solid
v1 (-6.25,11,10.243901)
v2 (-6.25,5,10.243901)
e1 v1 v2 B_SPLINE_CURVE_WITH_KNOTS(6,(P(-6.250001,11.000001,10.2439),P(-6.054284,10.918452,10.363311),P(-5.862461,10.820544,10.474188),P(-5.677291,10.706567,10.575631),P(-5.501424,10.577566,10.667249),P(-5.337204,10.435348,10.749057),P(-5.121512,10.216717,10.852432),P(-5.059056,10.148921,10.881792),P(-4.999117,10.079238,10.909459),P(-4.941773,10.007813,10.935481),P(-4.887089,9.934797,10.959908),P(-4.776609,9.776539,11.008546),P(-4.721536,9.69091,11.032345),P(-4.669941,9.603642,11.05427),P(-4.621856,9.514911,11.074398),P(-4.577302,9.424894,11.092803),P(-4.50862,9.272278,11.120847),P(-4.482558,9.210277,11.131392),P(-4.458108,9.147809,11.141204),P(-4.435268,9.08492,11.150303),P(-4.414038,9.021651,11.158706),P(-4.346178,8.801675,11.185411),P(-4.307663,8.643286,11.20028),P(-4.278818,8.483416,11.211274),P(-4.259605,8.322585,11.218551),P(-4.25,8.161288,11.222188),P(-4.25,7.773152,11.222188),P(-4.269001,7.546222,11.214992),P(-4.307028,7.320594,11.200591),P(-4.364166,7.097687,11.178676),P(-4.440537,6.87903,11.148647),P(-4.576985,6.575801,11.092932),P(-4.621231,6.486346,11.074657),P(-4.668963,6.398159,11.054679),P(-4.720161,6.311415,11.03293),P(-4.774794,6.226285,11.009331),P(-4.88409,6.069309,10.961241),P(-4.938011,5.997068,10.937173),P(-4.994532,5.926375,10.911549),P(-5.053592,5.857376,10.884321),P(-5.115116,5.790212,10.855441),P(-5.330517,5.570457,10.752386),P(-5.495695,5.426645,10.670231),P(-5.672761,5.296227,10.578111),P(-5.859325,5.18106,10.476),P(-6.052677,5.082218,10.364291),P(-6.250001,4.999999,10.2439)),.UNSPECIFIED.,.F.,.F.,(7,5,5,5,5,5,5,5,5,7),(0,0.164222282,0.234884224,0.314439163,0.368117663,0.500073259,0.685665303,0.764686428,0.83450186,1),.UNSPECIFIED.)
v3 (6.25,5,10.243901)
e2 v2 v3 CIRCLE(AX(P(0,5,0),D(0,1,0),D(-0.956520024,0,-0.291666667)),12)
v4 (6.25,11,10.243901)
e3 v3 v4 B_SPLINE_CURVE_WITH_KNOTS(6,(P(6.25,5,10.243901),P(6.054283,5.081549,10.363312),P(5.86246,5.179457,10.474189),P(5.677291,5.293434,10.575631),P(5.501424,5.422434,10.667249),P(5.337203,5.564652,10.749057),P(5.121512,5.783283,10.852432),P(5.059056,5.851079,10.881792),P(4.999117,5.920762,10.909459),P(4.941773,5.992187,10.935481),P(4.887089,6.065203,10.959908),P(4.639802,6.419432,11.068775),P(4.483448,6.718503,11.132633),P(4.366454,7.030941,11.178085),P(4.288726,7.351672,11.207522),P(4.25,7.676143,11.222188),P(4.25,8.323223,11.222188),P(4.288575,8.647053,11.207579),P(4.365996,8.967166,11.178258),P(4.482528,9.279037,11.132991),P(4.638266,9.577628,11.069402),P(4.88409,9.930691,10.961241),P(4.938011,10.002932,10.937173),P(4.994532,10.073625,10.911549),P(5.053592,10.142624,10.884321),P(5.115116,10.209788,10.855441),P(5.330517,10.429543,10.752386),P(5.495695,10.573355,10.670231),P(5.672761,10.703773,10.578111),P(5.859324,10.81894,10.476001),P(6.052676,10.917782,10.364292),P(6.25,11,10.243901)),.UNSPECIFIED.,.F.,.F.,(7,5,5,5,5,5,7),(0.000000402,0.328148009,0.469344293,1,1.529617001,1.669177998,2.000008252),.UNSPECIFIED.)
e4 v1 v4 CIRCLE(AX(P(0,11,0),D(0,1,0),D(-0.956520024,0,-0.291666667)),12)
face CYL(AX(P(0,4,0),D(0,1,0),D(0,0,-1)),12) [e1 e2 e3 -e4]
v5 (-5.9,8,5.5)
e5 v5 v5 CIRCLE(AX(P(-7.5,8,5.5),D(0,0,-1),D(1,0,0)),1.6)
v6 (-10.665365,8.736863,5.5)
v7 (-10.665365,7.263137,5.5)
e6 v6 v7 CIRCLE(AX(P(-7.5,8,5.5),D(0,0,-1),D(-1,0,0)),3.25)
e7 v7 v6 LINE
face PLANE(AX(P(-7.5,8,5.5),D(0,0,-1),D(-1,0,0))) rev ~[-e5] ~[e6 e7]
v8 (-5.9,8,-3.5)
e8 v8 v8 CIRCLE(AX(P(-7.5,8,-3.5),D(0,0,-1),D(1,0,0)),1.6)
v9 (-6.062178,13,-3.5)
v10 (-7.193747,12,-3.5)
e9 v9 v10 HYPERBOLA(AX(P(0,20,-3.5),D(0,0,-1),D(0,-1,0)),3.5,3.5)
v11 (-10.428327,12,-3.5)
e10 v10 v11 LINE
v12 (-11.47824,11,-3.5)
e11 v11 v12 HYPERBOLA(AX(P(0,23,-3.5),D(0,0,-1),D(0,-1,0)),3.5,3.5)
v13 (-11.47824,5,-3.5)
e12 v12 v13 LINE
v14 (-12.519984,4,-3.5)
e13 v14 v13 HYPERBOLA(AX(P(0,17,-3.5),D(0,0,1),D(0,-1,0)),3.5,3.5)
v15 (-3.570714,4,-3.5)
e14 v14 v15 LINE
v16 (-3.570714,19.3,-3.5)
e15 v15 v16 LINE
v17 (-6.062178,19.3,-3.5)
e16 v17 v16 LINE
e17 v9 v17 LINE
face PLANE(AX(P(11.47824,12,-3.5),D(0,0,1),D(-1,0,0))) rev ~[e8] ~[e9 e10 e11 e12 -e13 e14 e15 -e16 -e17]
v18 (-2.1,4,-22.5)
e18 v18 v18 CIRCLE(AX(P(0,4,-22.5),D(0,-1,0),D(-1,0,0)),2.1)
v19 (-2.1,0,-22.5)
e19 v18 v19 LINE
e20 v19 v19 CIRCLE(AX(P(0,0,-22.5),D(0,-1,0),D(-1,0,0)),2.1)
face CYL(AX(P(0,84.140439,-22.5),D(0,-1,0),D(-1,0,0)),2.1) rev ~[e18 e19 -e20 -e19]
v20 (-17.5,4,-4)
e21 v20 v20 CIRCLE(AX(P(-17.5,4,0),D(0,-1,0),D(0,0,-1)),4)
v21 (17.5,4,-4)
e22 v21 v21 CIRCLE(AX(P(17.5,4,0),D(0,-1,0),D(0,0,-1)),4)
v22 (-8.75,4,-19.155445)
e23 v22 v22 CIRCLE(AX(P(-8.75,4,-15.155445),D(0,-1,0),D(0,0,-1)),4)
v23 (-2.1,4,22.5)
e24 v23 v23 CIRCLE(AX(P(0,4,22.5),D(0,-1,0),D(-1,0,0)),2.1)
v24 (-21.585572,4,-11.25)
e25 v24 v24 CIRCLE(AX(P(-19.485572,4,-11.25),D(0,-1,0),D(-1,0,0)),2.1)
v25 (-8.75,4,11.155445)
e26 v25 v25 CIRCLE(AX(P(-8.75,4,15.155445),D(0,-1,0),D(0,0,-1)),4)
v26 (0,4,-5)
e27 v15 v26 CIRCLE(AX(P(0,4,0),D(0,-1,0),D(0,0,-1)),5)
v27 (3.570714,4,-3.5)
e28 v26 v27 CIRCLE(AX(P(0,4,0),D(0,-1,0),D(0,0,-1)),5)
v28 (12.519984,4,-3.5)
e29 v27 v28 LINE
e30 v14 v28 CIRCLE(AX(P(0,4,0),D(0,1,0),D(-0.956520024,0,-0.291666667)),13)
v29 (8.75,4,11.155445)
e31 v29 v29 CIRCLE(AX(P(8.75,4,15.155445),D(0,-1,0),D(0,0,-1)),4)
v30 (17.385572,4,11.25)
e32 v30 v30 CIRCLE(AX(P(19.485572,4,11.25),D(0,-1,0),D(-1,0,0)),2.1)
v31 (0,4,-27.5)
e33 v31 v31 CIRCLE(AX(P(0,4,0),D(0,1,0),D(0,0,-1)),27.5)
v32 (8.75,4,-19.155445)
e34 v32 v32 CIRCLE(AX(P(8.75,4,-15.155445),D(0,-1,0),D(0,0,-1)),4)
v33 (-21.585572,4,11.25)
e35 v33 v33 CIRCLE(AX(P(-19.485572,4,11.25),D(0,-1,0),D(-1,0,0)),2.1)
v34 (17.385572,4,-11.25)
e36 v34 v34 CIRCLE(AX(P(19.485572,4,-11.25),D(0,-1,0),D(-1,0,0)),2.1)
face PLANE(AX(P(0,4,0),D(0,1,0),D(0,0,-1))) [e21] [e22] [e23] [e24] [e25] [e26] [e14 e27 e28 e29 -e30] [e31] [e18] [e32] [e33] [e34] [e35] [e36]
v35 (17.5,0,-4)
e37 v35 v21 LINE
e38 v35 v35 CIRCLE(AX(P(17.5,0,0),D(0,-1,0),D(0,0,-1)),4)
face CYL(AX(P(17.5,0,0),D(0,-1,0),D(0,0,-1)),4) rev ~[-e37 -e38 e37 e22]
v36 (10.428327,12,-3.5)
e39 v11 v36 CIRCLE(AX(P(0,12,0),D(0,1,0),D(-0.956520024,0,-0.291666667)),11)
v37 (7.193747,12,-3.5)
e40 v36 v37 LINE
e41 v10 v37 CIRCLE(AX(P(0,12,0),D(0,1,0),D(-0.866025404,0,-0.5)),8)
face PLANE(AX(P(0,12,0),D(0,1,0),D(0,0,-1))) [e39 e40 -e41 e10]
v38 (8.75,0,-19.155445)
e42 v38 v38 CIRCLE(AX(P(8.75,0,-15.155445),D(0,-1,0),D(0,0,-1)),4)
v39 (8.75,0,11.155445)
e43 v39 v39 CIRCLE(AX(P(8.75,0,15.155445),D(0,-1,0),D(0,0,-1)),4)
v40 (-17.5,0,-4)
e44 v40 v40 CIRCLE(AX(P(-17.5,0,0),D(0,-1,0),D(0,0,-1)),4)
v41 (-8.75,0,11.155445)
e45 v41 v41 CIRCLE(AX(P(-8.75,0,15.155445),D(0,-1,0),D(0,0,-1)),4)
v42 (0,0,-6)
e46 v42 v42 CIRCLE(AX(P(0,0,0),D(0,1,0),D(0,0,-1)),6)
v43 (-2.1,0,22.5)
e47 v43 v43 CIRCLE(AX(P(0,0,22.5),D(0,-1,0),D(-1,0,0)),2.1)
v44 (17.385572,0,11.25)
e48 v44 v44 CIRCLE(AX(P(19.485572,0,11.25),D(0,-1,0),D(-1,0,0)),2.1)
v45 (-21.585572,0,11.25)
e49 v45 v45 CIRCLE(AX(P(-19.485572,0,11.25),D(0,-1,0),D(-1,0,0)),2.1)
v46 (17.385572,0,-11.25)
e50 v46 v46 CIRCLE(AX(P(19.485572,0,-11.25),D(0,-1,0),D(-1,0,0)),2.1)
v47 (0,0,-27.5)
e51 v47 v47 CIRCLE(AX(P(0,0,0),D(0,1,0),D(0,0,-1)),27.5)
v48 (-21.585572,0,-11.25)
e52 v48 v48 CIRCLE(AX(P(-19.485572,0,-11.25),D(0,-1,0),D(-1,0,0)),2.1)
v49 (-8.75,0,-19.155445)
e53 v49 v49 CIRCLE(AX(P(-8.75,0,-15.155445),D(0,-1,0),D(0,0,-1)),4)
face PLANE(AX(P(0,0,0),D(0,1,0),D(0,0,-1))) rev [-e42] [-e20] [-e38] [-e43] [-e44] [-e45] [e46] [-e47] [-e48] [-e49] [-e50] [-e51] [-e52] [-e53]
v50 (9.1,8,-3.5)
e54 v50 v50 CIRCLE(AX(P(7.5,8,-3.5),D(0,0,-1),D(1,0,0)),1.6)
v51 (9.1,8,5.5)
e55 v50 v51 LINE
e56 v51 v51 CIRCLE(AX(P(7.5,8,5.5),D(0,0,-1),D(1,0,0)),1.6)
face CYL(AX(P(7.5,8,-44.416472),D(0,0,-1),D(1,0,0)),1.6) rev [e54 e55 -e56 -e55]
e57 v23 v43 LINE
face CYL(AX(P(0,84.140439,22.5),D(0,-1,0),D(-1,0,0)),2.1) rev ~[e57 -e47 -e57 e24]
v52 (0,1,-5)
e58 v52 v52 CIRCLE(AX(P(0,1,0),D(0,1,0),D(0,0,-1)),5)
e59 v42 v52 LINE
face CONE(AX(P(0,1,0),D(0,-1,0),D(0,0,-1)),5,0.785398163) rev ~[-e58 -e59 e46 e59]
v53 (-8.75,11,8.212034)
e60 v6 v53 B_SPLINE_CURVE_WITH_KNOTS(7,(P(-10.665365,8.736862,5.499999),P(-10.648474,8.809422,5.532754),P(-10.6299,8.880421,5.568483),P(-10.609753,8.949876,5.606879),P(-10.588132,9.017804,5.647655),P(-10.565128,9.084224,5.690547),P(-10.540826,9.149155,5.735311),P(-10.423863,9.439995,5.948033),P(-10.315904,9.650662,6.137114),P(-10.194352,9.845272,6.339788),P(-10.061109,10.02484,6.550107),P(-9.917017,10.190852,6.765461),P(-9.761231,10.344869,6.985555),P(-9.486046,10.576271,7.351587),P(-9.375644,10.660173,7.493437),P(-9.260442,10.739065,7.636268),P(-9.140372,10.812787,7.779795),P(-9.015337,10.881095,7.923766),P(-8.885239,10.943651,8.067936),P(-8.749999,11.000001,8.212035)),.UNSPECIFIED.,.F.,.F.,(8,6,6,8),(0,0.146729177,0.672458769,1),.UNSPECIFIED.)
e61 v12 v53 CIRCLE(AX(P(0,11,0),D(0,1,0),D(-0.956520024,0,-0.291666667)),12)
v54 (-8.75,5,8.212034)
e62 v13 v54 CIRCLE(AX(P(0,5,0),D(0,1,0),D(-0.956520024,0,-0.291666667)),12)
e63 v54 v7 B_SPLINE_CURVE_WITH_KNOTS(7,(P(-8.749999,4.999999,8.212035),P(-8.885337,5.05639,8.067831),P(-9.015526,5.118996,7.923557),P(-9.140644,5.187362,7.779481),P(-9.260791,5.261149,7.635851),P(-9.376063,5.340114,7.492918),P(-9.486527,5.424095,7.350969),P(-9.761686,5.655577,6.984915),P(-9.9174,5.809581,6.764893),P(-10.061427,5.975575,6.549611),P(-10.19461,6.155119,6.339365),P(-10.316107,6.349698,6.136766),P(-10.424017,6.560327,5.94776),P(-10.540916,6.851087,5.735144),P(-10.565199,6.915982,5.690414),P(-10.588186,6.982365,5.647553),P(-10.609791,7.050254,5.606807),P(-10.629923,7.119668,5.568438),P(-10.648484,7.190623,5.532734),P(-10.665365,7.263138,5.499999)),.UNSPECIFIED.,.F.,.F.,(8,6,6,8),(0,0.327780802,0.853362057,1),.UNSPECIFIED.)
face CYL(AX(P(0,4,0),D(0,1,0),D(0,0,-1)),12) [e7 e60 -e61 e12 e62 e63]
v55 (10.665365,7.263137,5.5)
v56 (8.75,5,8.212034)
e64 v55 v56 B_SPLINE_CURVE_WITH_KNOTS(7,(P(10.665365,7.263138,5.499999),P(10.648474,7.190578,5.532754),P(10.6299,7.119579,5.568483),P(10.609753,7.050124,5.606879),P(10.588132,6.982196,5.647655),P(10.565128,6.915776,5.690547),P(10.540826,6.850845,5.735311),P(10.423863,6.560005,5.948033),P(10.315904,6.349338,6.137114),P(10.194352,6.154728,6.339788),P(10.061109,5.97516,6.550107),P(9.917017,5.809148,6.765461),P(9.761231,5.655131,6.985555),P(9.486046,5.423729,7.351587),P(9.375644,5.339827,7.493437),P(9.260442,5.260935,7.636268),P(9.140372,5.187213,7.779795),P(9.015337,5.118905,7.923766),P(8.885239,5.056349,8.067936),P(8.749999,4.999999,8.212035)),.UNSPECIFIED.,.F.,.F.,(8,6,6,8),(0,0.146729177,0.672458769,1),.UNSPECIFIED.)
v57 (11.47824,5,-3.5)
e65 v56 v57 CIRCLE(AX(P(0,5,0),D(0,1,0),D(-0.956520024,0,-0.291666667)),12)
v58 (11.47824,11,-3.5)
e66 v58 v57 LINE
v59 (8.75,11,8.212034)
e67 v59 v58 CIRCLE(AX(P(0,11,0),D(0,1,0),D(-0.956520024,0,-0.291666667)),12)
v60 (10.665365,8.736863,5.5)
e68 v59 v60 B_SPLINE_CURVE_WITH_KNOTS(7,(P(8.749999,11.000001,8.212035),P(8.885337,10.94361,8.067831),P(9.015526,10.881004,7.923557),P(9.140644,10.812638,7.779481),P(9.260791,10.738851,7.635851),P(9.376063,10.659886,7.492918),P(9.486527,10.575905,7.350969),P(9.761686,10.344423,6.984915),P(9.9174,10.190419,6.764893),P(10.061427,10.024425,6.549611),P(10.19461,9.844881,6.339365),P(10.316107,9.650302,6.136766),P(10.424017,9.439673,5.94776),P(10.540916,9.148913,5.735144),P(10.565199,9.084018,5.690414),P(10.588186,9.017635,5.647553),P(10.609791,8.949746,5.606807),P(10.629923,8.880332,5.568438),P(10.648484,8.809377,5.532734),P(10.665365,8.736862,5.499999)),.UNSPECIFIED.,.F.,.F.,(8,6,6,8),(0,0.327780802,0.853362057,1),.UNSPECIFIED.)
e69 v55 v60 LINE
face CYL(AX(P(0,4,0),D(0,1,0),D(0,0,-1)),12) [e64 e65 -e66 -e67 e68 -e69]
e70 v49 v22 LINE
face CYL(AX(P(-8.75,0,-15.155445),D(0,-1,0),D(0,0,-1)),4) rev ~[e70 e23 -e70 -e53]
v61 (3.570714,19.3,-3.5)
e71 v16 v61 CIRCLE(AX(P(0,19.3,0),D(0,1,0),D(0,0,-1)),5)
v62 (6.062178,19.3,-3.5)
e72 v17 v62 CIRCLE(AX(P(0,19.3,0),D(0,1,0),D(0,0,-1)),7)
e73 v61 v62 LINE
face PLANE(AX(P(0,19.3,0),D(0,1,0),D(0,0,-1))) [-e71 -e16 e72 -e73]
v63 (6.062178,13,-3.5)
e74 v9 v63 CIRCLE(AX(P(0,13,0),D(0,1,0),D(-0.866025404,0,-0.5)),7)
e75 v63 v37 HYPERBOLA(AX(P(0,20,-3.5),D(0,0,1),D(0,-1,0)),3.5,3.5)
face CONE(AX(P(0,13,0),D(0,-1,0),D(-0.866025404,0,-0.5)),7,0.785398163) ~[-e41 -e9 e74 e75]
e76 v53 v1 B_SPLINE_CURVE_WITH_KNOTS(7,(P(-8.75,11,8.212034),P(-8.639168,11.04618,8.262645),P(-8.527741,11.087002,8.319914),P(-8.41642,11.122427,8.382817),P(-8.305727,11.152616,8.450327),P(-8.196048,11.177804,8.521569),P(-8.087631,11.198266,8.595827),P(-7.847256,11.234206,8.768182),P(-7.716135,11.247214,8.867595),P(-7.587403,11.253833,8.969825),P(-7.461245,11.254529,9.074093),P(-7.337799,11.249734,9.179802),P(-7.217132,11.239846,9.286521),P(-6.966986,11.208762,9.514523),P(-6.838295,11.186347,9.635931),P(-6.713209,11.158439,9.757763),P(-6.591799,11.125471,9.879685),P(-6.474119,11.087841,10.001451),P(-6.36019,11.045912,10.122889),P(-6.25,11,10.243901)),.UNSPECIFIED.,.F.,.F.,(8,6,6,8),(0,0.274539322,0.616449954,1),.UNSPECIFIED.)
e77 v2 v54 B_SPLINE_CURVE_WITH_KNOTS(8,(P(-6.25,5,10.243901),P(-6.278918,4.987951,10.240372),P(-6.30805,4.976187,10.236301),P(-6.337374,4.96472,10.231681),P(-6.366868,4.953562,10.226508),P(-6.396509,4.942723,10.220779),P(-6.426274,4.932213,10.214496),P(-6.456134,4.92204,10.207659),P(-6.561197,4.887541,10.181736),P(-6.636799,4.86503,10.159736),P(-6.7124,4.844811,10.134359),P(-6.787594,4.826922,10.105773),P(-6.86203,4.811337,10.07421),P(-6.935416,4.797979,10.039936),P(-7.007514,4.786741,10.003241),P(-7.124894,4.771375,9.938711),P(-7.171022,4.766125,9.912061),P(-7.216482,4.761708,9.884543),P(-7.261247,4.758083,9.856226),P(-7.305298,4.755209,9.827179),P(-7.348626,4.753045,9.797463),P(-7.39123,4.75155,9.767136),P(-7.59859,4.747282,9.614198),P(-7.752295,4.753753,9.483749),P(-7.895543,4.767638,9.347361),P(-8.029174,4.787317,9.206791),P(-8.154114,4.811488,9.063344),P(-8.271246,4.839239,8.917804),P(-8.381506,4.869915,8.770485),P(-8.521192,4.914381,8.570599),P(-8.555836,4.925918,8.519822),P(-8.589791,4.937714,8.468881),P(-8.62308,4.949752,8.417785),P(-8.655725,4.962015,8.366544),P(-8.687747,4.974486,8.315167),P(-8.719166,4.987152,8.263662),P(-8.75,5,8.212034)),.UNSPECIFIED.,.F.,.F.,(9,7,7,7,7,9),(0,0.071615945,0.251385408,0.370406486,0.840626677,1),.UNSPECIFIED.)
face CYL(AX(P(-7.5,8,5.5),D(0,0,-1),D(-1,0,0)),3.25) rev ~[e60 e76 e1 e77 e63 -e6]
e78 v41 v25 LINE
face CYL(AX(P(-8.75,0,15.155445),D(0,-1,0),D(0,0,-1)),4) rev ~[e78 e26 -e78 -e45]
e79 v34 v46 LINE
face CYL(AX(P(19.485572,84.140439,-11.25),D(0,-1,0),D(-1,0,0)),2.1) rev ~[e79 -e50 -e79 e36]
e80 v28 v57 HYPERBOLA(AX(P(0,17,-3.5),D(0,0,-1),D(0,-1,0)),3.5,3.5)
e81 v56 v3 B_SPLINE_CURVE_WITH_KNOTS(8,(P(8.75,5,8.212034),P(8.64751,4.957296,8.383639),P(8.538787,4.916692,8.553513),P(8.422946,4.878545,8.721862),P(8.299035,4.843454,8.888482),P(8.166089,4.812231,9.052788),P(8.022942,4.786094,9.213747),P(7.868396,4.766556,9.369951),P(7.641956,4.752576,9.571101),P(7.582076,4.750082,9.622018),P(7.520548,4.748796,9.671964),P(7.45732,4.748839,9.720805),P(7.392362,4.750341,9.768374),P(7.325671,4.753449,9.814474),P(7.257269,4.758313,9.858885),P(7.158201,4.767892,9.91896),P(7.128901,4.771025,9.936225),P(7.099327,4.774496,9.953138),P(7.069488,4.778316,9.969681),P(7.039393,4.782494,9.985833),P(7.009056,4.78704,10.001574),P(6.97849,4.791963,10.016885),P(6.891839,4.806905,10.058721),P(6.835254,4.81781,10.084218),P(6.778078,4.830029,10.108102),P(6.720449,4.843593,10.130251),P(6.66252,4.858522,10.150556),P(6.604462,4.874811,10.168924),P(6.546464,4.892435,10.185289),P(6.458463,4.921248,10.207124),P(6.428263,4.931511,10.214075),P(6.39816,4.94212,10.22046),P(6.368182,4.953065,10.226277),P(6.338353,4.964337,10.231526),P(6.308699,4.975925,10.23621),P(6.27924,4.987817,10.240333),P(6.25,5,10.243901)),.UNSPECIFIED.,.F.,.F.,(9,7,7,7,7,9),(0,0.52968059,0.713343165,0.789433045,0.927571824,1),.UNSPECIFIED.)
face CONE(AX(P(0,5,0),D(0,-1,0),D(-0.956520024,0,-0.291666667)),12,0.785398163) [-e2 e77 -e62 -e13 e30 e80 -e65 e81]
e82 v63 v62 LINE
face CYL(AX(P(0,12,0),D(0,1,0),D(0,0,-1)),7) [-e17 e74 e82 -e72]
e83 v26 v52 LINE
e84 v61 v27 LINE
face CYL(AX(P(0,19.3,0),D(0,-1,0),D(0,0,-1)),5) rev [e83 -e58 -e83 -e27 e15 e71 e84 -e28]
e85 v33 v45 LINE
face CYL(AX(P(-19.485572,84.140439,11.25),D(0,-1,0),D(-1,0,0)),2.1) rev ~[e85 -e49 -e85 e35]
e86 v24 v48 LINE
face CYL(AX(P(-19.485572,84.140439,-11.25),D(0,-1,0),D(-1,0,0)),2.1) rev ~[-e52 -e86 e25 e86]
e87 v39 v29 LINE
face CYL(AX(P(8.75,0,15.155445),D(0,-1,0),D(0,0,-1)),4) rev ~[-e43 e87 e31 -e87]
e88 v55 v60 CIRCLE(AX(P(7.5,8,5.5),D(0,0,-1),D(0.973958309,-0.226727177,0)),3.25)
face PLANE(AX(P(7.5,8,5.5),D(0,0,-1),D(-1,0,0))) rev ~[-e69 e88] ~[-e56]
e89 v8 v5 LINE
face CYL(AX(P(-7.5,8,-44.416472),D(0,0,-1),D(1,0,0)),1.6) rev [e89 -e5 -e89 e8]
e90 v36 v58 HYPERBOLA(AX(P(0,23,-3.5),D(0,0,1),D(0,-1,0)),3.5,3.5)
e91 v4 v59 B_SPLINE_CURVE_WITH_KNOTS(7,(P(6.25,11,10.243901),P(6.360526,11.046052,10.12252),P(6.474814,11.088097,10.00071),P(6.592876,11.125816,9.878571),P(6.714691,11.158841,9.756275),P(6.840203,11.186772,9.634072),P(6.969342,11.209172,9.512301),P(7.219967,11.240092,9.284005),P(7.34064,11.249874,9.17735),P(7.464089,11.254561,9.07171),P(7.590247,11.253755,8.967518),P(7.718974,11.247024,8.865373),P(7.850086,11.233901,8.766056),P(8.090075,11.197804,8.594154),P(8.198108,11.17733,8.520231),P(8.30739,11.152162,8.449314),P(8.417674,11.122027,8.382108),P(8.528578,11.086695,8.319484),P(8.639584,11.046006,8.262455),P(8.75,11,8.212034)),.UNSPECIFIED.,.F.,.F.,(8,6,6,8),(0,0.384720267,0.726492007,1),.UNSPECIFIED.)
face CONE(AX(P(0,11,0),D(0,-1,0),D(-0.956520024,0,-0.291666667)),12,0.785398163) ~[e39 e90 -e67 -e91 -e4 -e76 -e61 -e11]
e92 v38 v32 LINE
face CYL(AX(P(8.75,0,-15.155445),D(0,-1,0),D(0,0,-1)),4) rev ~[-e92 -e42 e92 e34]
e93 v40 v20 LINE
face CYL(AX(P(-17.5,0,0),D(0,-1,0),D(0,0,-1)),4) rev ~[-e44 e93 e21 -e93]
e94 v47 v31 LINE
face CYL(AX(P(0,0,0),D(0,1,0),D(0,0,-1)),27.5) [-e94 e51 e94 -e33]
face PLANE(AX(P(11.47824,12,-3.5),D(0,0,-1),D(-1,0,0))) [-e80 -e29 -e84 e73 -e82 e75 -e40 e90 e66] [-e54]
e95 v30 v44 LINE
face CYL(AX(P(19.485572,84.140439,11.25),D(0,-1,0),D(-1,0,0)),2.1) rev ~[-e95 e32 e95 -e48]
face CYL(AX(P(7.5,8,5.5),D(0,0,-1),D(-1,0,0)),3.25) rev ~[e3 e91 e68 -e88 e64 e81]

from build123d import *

# Parameters (mm, degrees)
SKETCH_2_R                      = 4
CUT_EXTRUDE_2_DEPTH             = 10
CUT_EXTRUDE_4_REACH             = 42.7
CUT_EXTRUDE_4_DIRECTION_2_DEPTH = 41.70012285
CHAMFER_1_SIZE                  = 1
CUT_EXTRUDE_3_DEPTH             = 44.416471529
CUT_EXTRUDE_3_DEPTH_BACK        = 44.416471529
SKETCH_3_R                      = 1.6
SKETCH_7_R                      = 3.25
CUT_EXTRUDE_5_DEPTH             = 48.092886936
HOLE_WIZARD_M5_1_D              = 4.2


with BuildPart() as part:
    # 草图1 → 旋转1 (revolve)
    with BuildSketch(Plane.XY, mode=Mode.PRIVATE) as revolve_1_sk:
        Polygon((-5, 0), (-27.5, 0), (-27.5, 4), (-12, 4), (-12, 12), (-7, 12), (-7, 19.3), (-5, 19.3), align=None)
    revolve(revolve_1_sk.sketch.rotate(Axis((0, 0, 0), (0, 1, 0)), 270), axis=Axis((0, 0, 0), (0, 1, 0)))

    # 草图2 → 切除-拉伸2 (cut)
    with BuildSketch(Plane.XZ):
        with Locations(Location((-8.75, -15.155444566, 0), (0, 0, 270))):
            Circle(SKETCH_2_R)
        with Locations(Location((-8.75, 15.155444566, 0), (0, 0, 270))):
            Circle(SKETCH_2_R)
        with Locations(Location((8.75, 15.155444566, 0), (0, 0, 270))):
            Circle(SKETCH_2_R)
        with Locations(Location((17.5, 0, 0), (0, 0, 270))):
            Circle(SKETCH_2_R)
        with Locations(Location((8.75, -15.155444566, 0), (0, 0, 270))):
            Circle(SKETCH_2_R)
        with Locations(Location((-17.5, 0, 0), (0, 0, 270))):
            Circle(SKETCH_2_R)
    extrude(amount=-CUT_EXTRUDE_2_DEPTH, mode=Mode.SUBTRACT)

    # 切除-拉伸4: up to this face of the body (flat: up to its plane)
    cut_extrude_4_end = Plane(part.part.faces().sort_by_distance((0, 4, 26.722182541))[0])
    # 草图6 → 切除-拉伸4 (cut, up to the picked face)
    with BuildSketch(Plane.XZ.offset(-12), mode=Mode.PRIVATE) as cut_extrude_4_sk1:
        with BuildLine():
            Line((11.478240283, -3.5), (-11.478240283, -3.5))
            ThreePointArc((-11.478240283, -3.5), (0, -12), (11.478240283, -3.5))
        make_face()
    cut_extrude_4_tool1 = split(extrude(cut_extrude_4_sk1.sketch, amount=CUT_EXTRUDE_4_REACH, mode=Mode.PRIVATE), bisect_by=cut_extrude_4_end, keep=Keep.BOTH, mode=Mode.PRIVATE)
    add(cut_extrude_4_tool1.solids().sort_by(Axis((0, 12, -7.030424), (0, -1, 0)))[0], mode=Mode.SUBTRACT)

    # 草图6 → 切除-拉伸4 direction 2 (cut)
    with BuildSketch(Plane.XZ.offset(-12)):
        with BuildLine():
            Line((11.478240283, -3.5), (-11.478240283, -3.5))
            ThreePointArc((-11.478240283, -3.5), (0, -12), (11.478240283, -3.5))
        make_face()
    extrude(amount=-CUT_EXTRUDE_4_DIRECTION_2_DEPTH, mode=Mode.SUBTRACT)

    # 倒角1
    chamfer_1_edges = [part.edges().sort_by_distance(p)[0] for p in [
        (0, 12, 7),
        (0, 12, 12),
        (0, 4, 12),
        (0, 0, 5),
    ]]
    chamfer(chamfer_1_edges, length=CHAMFER_1_SIZE)

    # 草图3 → 切除-拉伸3 (cut, two sides: drawn at the far end of the back side and taken through both)
    with BuildSketch(Plane.XY.offset(-CUT_EXTRUDE_3_DEPTH_BACK)):
        with Locations((7.5, 8)):
            Circle(SKETCH_3_R)
        with Locations((-7.5, 8)):
            Circle(SKETCH_3_R)
    extrude(amount=CUT_EXTRUDE_3_DEPTH + CUT_EXTRUDE_3_DEPTH_BACK, mode=Mode.SUBTRACT)

    # 草图7 → 切除-拉伸5 (cut, through all)
    with BuildSketch(Plane(origin=(0, 0, 5.5), x_dir=(-1, 0, 0), z_dir=(0, 0, -1))):
        with Locations((-7.5, 8)):
            Circle(SKETCH_7_R)
        with Locations((7.5, 8)):
            Circle(SKETCH_7_R)
    extrude(amount=-CUT_EXTRUDE_5_DEPTH, mode=Mode.SUBTRACT)

    # M5 螺纹孔1 (through all)
    with Locations(Plane(origin=(0, 4, 0), x_dir=(1, 0, 0), z_dir=(0, 1, 0))):
        with Locations((0, 22.5), (19.485571585, 11.25), (19.485571585, -11.25), (0, -22.5), (-19.485571585, -11.25), (-19.485571585, 11.25)):
            Hole(HOLE_WIZARD_M5_1_D / 2)


solid = part.part
